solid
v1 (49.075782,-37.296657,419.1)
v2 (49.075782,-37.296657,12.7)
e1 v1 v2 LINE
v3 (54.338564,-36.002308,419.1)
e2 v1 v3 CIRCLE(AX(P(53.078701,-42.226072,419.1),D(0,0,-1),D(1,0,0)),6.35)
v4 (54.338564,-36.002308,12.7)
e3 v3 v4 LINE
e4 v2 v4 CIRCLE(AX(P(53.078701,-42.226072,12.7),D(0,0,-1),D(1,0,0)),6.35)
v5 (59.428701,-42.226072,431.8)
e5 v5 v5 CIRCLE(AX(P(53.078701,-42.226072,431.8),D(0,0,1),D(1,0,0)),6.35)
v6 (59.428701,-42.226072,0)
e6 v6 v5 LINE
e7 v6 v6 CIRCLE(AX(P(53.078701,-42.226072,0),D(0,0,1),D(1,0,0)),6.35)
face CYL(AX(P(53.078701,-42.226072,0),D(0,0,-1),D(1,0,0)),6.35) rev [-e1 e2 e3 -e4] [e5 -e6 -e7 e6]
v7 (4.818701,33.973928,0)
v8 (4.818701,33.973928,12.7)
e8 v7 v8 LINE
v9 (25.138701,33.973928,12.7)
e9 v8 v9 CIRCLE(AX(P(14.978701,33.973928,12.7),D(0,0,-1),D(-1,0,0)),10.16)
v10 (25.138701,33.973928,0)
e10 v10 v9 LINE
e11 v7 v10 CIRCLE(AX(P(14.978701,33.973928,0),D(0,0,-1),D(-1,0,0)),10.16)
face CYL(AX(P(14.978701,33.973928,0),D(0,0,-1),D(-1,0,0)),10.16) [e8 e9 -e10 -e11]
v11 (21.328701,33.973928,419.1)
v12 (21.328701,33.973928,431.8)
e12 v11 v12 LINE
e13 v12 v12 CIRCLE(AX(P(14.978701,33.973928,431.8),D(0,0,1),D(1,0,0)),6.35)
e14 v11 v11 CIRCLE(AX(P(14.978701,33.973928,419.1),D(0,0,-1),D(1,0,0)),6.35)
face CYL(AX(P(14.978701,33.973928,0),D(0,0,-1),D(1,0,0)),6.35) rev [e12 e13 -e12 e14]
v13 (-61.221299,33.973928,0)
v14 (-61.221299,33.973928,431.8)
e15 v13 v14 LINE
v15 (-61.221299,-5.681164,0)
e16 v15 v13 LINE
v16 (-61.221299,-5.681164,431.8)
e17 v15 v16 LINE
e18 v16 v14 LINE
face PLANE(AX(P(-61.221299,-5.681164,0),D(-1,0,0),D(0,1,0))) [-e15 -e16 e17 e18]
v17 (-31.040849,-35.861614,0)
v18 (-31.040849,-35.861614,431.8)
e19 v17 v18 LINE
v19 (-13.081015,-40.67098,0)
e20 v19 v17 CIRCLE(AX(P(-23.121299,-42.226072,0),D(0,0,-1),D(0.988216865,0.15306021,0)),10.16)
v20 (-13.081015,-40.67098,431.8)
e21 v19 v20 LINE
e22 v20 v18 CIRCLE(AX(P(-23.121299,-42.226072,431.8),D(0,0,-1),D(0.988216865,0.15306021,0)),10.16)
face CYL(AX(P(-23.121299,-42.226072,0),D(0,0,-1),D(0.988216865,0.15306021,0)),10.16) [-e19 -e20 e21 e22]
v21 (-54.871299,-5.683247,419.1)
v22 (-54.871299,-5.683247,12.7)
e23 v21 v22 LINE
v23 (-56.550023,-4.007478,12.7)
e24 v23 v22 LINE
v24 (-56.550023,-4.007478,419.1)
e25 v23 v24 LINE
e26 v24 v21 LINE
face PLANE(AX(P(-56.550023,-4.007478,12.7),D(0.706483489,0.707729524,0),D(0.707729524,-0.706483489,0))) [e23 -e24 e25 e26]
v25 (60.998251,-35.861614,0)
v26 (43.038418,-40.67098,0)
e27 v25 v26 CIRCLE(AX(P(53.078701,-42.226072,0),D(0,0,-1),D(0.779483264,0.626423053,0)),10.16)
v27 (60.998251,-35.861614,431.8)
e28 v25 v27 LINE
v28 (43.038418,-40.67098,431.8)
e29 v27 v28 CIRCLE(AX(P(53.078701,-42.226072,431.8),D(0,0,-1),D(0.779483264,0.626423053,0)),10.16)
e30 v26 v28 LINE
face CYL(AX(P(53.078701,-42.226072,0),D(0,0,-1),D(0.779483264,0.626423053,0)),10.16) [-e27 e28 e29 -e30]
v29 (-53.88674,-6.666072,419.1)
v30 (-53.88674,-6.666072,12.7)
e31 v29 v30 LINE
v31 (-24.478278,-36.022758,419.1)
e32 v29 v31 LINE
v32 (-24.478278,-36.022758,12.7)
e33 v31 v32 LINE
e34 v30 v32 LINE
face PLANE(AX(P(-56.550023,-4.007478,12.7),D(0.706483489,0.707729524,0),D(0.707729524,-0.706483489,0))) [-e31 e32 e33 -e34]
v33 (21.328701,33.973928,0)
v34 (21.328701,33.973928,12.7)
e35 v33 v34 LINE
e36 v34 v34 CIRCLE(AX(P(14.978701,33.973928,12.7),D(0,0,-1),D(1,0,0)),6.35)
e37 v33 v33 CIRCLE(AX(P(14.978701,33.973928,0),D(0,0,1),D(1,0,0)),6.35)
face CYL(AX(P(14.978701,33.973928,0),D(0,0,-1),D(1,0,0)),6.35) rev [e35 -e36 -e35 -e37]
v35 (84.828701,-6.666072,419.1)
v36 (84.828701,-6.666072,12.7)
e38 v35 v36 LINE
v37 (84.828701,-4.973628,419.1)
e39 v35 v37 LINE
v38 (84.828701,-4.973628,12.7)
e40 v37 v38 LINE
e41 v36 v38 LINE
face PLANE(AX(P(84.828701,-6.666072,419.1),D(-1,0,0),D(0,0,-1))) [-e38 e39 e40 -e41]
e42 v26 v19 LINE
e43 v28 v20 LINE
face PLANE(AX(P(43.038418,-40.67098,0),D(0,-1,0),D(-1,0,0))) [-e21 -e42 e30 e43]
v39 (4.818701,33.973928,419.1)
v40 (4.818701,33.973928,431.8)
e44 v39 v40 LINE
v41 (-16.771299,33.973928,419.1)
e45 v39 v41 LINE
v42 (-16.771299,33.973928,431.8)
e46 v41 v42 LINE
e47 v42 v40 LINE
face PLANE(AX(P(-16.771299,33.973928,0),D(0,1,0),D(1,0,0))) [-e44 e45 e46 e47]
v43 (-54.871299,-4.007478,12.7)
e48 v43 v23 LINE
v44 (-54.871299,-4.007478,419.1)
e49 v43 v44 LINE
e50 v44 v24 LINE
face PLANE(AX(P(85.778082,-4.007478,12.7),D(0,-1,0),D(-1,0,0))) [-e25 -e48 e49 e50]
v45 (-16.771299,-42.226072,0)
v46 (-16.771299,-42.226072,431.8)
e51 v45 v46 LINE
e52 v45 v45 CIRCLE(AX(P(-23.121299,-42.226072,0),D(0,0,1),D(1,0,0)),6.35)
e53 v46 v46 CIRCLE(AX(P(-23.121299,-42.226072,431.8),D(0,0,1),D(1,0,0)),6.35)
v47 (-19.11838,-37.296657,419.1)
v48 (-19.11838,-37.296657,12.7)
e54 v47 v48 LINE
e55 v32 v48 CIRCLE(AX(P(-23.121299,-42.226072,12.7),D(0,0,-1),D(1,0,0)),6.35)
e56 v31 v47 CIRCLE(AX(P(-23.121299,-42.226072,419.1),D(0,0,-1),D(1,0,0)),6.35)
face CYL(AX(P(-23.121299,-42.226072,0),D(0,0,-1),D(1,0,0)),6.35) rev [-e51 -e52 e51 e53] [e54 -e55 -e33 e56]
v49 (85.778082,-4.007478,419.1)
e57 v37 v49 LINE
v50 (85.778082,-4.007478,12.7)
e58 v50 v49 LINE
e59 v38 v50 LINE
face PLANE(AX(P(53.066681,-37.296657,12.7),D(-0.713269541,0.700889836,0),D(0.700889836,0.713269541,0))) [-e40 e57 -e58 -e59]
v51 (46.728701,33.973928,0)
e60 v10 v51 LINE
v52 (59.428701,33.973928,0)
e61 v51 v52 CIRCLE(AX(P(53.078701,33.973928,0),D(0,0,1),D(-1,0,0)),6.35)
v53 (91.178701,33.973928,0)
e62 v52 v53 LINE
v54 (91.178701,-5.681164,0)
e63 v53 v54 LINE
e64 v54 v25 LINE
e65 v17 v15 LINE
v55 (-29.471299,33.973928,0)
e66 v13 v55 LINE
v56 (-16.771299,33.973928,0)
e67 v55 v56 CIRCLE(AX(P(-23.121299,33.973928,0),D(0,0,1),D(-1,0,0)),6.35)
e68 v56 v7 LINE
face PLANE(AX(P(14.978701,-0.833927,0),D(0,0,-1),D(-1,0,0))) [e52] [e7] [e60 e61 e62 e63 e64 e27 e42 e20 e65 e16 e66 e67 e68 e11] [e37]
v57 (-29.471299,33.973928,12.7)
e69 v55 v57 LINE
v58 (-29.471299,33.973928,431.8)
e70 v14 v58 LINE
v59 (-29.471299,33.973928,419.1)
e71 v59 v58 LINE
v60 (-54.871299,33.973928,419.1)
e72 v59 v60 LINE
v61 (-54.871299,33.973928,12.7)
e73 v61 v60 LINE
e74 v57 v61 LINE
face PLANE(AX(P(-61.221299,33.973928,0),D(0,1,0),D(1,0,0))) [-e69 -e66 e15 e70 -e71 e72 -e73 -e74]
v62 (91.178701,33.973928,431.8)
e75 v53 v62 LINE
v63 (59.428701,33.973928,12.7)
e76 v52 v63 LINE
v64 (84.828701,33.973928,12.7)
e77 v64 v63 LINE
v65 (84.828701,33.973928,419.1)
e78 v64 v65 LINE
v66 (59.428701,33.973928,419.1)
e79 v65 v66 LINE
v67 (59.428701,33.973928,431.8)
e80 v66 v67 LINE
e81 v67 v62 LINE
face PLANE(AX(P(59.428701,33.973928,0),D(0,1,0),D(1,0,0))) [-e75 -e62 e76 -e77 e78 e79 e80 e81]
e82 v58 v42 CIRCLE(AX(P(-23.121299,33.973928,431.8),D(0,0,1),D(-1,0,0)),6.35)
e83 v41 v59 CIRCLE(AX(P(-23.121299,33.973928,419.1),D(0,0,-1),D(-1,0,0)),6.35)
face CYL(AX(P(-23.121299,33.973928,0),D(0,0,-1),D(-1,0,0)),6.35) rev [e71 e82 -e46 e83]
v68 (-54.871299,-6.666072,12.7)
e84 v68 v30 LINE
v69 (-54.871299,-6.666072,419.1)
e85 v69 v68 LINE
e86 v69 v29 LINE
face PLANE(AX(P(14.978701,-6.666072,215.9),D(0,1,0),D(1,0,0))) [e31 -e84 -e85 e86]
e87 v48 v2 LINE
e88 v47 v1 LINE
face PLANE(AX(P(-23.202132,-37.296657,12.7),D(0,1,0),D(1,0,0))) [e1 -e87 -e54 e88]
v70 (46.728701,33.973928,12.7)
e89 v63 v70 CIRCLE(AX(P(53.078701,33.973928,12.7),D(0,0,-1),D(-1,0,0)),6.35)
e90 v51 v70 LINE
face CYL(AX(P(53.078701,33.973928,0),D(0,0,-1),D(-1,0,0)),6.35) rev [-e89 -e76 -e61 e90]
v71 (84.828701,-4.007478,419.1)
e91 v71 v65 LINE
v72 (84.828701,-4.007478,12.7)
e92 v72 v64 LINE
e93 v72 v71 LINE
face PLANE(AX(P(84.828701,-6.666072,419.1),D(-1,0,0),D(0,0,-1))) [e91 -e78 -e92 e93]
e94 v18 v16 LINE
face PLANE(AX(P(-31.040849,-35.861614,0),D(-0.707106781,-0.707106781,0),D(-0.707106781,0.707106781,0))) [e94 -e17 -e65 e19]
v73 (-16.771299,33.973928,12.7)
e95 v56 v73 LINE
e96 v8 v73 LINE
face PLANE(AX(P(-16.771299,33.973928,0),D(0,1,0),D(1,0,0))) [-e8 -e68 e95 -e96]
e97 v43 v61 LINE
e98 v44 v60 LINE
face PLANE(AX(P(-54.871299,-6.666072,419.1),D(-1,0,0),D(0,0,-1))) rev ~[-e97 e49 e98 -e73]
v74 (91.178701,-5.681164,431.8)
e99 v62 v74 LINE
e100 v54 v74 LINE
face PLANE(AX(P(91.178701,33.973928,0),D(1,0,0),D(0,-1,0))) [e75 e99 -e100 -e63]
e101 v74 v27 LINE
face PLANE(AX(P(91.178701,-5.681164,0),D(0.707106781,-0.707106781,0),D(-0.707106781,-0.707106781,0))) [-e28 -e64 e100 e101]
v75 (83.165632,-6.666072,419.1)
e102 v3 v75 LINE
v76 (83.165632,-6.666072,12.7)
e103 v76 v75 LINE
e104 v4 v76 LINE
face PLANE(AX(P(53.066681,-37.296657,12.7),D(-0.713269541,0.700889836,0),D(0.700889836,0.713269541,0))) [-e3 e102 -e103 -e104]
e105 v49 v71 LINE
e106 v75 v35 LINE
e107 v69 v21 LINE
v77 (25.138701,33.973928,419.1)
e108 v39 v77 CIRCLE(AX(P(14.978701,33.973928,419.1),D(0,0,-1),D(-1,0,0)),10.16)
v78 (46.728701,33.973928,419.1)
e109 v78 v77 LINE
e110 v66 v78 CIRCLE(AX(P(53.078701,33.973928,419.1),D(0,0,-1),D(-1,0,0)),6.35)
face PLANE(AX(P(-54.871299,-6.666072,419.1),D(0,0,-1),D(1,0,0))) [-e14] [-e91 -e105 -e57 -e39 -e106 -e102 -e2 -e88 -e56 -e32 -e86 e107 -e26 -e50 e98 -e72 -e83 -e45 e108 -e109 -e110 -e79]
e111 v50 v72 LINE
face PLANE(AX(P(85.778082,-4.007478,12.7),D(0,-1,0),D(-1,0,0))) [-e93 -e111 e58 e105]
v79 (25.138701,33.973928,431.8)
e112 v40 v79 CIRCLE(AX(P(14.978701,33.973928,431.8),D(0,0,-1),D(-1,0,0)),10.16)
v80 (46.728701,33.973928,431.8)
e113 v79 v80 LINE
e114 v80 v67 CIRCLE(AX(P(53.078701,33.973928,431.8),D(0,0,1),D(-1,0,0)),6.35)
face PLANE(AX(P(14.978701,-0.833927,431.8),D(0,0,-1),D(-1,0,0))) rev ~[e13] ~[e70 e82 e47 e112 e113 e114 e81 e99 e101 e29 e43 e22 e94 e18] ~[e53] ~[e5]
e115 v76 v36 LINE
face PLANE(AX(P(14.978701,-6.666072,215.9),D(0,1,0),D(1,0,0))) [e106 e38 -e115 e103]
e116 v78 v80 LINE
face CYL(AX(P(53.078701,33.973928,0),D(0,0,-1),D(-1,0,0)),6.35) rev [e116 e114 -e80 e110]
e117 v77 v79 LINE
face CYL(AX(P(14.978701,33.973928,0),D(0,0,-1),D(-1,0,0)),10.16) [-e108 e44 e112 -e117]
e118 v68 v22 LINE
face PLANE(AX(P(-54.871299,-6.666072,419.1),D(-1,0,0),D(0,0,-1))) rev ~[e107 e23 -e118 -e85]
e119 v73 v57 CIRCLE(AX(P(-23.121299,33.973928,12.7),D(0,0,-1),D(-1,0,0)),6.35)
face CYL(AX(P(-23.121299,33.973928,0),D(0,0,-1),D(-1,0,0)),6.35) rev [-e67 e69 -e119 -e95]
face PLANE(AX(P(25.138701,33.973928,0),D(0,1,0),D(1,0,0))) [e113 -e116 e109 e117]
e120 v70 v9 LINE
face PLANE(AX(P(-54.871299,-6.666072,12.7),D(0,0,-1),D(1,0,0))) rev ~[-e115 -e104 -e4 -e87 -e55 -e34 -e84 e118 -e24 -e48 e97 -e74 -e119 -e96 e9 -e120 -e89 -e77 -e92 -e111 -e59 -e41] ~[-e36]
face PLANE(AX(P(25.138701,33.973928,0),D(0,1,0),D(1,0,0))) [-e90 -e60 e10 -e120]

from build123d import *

# Parameters (mm, degrees)
SKETCH1_R               = 6.35
BOSS_EXTRUDE1_DEPTH     = 431.8
CUT_EXTRUDE1_DEPTH      = 12.7
CUT_EXTRUDE1_DEPTH_BACK = 40.64
SKETCH2_W               = 139.7
SKETCH2_H               = 406.4
CUT_EXTRUDE2_START      = -12.7
CUT_EXTRUDE2_DEPTH      = 406.4


with BuildPart() as part:
    # Sketch1 → Boss-Extrude1 (new body)
    with BuildSketch(Plane.XY):
        with BuildLine():
            Line((-61.221298715, -5.681163946), (-61.221298715, 33.973927789))
            Line((-61.221298715, 33.973927789), (-29.471298715, 33.973927789))
            ThreePointArc((-29.471298715, 33.973927789), (-23.121298715, 27.623927789), (-16.771298715, 33.973927789))
            Line((-16.771298715, 33.973927789), (4.818701285, 33.973927789))
            ThreePointArc((4.818701285, 33.973927789), (14.978701285, 44.133927789), (25.138701285, 33.973927789))
            Line((25.138701285, 33.973927789), (46.728701285, 33.973927789))
            ThreePointArc((46.728701285, 33.973927789), (53.078701285, 27.623927789), (59.428701285, 33.973927789))
            Line((59.428701285, 33.973927789), (91.178701285, 33.973927789))
            Line((91.178701285, 33.973927789), (91.178701285, -5.681163946))
            Line((91.178701285, -5.681163946), (60.998251243, -35.861613988))
            ThreePointArc((60.998251243, -35.861613988), (55.706795467, -52.040282366), (43.038417937, -40.670980475))
            Line((43.038417937, -40.670980475), (-13.081015368, -40.670980475))
            ThreePointArc((-13.081015368, -40.670980475), (-25.749392897, -52.040282366), (-31.040848673, -35.861613988))
            Line((-31.040848673, -35.861613988), (-61.221298715, -5.681163946))
        make_face()
        with Locations((14.978701285, 33.973927789)):
            Circle(SKETCH1_R, mode=Mode.SUBTRACT)
        with Locations((53.078701285, -42.226072211)):
            Circle(SKETCH1_R, mode=Mode.SUBTRACT)
        with Locations((-23.121298715, -42.226072211)):
            Circle(SKETCH1_R, mode=Mode.SUBTRACT)
    extrude(amount=BOSS_EXTRUDE1_DEPTH)

    # Sketch2 → Cut-Extrude1 (cut, two sides: drawn at the far end of the back side and taken through both)
    with BuildSketch(Plane(origin=(0, 33.973927789, 0), x_dir=(1, 0, 0), z_dir=(0, 1, 0)).offset(-CUT_EXTRUDE1_DEPTH_BACK)):
        with Locations((14.978701285, -215.9)):
            Rectangle(SKETCH2_W, SKETCH2_H)
    extrude(amount=CUT_EXTRUDE1_DEPTH + CUT_EXTRUDE1_DEPTH_BACK, mode=Mode.SUBTRACT)

    # Sketch3 → Cut-Extrude2 (cut)
    with BuildSketch(Plane(origin=(0, 0, 0), x_dir=(-1, 0, 0), z_dir=(0, 0, -1)).offset(CUT_EXTRUDE2_START)):
        Polygon((-85.778082442, -4.007478335), (56.550022931, -4.007478335), (23.202132139, -37.296656509), (-53.066680528, -37.296656509), align=None)
    extrude(amount=-CUT_EXTRUDE2_DEPTH, mode=Mode.SUBTRACT)


solid = part.part
